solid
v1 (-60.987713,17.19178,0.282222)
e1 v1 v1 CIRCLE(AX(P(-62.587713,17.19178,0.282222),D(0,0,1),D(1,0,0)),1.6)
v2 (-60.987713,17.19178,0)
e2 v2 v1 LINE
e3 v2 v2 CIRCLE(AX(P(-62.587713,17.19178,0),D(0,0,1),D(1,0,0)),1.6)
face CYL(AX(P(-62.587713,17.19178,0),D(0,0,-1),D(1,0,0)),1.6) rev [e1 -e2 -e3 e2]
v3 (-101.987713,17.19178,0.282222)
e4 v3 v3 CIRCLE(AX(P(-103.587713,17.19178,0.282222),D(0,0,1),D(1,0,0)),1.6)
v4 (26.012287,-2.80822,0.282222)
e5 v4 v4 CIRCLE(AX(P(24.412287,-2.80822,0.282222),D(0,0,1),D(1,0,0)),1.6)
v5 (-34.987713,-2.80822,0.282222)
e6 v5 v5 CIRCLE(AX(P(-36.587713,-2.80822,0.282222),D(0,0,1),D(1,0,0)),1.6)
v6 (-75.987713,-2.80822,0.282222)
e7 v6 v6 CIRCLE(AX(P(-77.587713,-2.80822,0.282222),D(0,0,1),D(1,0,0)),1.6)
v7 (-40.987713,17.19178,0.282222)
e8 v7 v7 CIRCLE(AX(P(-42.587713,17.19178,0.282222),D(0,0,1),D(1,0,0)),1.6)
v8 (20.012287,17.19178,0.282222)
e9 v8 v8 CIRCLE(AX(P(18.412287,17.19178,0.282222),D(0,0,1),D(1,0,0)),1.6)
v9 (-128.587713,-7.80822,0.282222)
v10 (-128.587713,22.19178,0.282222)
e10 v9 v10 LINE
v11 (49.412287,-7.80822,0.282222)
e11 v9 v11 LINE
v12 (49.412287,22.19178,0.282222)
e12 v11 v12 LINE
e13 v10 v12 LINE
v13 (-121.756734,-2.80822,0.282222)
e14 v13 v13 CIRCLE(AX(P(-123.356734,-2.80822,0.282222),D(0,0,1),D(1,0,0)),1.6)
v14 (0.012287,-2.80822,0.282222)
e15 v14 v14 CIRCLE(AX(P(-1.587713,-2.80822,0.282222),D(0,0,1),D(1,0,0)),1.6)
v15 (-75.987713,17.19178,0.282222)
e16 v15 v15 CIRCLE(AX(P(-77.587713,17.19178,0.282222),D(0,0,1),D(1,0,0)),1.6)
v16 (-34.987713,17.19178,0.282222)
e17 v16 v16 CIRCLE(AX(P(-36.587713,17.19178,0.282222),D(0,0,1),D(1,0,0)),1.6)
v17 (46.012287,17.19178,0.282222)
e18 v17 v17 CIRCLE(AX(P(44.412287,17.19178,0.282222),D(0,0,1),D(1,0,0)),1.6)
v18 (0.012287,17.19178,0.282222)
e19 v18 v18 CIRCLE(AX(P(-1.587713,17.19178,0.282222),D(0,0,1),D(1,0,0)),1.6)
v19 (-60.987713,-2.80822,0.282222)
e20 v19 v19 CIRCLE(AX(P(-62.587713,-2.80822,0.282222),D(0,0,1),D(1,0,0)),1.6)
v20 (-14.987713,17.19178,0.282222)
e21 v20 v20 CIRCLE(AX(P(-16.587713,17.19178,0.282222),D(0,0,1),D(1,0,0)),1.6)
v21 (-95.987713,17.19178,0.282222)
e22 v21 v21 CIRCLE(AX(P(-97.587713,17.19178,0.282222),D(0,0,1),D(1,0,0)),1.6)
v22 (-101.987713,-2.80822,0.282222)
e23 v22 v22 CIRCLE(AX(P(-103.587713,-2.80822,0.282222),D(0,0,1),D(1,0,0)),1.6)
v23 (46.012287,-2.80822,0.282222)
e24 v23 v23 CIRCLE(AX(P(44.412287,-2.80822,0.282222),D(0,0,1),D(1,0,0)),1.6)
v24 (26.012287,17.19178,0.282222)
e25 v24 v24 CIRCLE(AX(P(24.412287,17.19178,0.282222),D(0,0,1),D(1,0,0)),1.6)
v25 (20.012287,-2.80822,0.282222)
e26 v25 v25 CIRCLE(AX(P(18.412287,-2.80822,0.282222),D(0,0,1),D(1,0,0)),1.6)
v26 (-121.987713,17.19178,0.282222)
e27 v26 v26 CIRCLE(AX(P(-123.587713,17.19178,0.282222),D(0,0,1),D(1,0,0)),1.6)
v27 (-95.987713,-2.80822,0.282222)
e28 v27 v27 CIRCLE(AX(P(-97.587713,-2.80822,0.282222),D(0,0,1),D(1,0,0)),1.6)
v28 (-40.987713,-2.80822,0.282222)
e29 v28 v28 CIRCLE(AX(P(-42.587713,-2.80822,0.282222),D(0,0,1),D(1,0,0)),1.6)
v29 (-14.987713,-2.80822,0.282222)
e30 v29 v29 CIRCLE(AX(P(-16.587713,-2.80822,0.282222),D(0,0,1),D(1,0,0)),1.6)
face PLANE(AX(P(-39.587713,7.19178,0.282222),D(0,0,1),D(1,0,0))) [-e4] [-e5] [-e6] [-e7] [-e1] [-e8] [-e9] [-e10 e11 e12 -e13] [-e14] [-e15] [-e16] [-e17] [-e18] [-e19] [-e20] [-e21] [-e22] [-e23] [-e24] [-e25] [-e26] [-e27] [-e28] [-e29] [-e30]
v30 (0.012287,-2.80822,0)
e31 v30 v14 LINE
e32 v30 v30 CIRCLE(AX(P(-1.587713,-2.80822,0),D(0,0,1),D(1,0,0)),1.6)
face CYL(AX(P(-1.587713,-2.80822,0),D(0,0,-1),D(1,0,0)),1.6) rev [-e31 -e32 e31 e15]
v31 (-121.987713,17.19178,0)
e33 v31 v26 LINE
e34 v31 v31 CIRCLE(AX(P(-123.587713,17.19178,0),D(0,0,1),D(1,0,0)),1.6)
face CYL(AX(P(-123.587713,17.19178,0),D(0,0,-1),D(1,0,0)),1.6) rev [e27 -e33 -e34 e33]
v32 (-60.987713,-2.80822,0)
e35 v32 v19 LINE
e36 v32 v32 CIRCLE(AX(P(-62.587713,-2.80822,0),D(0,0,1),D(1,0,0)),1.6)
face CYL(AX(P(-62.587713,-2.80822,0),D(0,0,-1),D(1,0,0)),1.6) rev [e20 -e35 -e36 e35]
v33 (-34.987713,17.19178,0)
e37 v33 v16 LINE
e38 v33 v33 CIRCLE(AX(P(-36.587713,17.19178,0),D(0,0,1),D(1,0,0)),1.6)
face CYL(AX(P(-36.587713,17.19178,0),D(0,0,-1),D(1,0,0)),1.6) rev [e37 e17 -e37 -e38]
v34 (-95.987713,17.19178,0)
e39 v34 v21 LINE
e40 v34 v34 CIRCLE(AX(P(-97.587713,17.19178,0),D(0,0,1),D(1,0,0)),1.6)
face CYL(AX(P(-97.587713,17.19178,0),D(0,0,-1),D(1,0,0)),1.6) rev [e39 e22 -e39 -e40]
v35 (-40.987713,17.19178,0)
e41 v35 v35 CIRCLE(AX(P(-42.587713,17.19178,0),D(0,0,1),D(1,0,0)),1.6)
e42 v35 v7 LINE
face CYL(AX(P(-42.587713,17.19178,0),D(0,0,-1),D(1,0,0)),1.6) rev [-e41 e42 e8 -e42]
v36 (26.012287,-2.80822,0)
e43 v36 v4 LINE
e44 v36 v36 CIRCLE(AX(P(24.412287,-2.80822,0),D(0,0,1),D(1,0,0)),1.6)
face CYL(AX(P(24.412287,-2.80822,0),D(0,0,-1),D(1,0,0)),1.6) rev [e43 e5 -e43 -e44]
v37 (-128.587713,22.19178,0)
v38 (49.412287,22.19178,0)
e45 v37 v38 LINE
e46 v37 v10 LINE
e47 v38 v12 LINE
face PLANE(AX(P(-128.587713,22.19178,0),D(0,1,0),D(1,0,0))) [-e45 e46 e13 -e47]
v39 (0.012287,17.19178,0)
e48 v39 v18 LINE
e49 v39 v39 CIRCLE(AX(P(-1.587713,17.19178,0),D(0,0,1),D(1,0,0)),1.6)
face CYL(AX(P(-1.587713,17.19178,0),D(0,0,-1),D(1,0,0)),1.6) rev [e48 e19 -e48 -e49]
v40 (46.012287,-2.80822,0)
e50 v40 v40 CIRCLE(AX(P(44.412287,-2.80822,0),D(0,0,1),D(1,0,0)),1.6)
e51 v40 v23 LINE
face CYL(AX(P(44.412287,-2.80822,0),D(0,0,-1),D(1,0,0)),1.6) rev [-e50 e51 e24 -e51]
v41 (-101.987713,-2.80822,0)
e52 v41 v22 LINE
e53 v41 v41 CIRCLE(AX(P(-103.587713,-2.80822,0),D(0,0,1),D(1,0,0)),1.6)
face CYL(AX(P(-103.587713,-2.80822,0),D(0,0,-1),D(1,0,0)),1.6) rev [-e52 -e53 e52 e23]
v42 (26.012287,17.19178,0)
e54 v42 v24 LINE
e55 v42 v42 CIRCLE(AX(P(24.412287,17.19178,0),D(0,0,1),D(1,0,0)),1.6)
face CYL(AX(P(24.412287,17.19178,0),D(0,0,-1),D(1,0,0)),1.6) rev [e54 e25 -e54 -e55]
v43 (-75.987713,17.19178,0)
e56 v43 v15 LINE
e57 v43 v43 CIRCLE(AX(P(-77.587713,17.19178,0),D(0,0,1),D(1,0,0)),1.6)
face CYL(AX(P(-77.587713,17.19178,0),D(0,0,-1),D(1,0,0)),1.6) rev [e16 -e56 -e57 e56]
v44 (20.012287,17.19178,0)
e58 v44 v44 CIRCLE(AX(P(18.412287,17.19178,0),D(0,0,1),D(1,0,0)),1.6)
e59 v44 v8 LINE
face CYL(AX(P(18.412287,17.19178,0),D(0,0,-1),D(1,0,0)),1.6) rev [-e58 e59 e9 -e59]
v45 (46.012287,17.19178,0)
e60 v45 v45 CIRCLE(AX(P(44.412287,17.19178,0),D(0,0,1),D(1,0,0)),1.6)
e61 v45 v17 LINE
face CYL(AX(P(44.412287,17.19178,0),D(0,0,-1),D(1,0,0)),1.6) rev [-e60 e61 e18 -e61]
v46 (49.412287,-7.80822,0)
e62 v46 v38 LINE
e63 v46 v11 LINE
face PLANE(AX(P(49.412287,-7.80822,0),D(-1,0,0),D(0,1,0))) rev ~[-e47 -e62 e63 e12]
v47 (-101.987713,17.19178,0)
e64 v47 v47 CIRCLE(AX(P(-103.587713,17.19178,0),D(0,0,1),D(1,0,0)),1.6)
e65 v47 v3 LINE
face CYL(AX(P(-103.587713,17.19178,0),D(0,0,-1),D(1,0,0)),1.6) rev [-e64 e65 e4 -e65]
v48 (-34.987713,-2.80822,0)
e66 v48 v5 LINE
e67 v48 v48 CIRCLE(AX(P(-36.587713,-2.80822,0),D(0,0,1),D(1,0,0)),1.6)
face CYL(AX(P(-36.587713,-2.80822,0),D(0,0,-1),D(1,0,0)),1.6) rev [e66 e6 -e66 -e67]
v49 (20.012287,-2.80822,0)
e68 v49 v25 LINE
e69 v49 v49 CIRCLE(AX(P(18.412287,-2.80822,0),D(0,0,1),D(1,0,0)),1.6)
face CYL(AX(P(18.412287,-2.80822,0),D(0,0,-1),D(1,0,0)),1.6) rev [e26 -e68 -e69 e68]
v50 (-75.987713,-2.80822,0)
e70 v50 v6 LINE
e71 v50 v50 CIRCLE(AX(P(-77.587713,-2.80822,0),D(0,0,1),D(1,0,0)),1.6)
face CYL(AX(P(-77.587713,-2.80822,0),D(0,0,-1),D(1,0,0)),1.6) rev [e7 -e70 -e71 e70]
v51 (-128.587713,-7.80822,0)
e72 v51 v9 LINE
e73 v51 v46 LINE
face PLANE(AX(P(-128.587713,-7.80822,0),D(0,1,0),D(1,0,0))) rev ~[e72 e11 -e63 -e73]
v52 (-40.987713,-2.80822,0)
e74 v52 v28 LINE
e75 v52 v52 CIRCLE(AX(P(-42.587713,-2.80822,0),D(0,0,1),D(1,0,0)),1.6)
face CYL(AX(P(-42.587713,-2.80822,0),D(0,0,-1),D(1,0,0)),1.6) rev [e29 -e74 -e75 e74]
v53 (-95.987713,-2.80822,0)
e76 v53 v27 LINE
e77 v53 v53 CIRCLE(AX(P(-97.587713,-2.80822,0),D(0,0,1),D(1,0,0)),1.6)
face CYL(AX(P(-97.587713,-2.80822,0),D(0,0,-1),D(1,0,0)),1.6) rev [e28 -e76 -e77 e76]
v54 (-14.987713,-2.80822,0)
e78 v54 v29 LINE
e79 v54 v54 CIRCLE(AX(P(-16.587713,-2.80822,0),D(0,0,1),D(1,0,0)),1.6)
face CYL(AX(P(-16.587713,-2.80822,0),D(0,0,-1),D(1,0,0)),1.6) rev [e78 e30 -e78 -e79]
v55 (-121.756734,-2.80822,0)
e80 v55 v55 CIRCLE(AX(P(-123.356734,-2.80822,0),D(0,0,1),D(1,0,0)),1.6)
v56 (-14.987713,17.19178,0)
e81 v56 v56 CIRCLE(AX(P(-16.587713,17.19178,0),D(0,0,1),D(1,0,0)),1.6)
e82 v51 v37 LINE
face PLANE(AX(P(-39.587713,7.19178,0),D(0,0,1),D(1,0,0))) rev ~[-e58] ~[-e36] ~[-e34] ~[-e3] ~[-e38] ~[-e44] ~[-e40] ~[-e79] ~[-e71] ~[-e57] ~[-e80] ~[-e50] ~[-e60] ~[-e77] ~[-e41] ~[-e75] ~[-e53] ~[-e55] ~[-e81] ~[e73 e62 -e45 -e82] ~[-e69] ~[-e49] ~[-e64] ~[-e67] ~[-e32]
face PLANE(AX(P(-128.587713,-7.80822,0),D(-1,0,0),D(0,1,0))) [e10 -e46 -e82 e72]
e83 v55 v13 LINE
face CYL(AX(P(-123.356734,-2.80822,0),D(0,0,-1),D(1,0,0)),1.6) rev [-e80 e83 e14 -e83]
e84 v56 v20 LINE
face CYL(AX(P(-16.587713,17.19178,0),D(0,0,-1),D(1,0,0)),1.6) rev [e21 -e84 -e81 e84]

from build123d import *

# Parameters (mm, degrees)
F0_W     = 178
F0_H     = 30
F0_R     = 1.6
F1_DEPTH = 0.282222


with BuildPart() as f1:
    # F0 (on Top) → F1 (new body)
    with BuildSketch(Plane.XY):
        with Locations((-39.587713, 7.19178)):
            Rectangle(F0_W, F0_H)
        with Locations((-123.356734, -2.80822)):
            Circle(F0_R, mode=Mode.SUBTRACT)
        with Locations((-103.587713, -2.80822)):
            Circle(F0_R, mode=Mode.SUBTRACT)
        with Locations((-97.587713, -2.80822)):
            Circle(F0_R, mode=Mode.SUBTRACT)
        with Locations((-77.587713, -2.80822)):
            Circle(F0_R, mode=Mode.SUBTRACT)
        with Locations((-62.587713, -2.80822)):
            Circle(F0_R, mode=Mode.SUBTRACT)
        with Locations((-42.587713, -2.80822)):
            Circle(F0_R, mode=Mode.SUBTRACT)
        with Locations((-36.587713, -2.80822)):
            Circle(F0_R, mode=Mode.SUBTRACT)
        with Locations((-16.587713, -2.80822)):
            Circle(F0_R, mode=Mode.SUBTRACT)
        with Locations((-1.587713, -2.80822)):
            Circle(F0_R, mode=Mode.SUBTRACT)
        with Locations((18.412287, -2.80822)):
            Circle(F0_R, mode=Mode.SUBTRACT)
        with Locations((24.412287, -2.80822)):
            Circle(F0_R, mode=Mode.SUBTRACT)
        with Locations((44.412287, -2.80822)):
            Circle(F0_R, mode=Mode.SUBTRACT)
        with Locations((-123.587713, 17.19178)):
            Circle(F0_R, mode=Mode.SUBTRACT)
        with Locations((-103.587713, 17.19178)):
            Circle(F0_R, mode=Mode.SUBTRACT)
        with Locations((-97.587713, 17.19178)):
            Circle(F0_R, mode=Mode.SUBTRACT)
        with Locations((-77.587713, 17.19178)):
            Circle(F0_R, mode=Mode.SUBTRACT)
        with Locations((-62.587713, 17.19178)):
            Circle(F0_R, mode=Mode.SUBTRACT)
        with Locations((-42.587713, 17.19178)):
            Circle(F0_R, mode=Mode.SUBTRACT)
        with Locations((-36.587713, 17.19178)):
            Circle(F0_R, mode=Mode.SUBTRACT)
        with Locations((-16.587713, 17.19178)):
            Circle(F0_R, mode=Mode.SUBTRACT)
        with Locations((-1.587713, 17.19178)):
            Circle(F0_R, mode=Mode.SUBTRACT)
        with Locations((18.412287, 17.19178)):
            Circle(F0_R, mode=Mode.SUBTRACT)
        with Locations((24.412287, 17.19178)):
            Circle(F0_R, mode=Mode.SUBTRACT)
        with Locations((44.412287, 17.19178)):
            Circle(F0_R, mode=Mode.SUBTRACT)
    extrude(amount=F1_DEPTH)


solid = f1.part
